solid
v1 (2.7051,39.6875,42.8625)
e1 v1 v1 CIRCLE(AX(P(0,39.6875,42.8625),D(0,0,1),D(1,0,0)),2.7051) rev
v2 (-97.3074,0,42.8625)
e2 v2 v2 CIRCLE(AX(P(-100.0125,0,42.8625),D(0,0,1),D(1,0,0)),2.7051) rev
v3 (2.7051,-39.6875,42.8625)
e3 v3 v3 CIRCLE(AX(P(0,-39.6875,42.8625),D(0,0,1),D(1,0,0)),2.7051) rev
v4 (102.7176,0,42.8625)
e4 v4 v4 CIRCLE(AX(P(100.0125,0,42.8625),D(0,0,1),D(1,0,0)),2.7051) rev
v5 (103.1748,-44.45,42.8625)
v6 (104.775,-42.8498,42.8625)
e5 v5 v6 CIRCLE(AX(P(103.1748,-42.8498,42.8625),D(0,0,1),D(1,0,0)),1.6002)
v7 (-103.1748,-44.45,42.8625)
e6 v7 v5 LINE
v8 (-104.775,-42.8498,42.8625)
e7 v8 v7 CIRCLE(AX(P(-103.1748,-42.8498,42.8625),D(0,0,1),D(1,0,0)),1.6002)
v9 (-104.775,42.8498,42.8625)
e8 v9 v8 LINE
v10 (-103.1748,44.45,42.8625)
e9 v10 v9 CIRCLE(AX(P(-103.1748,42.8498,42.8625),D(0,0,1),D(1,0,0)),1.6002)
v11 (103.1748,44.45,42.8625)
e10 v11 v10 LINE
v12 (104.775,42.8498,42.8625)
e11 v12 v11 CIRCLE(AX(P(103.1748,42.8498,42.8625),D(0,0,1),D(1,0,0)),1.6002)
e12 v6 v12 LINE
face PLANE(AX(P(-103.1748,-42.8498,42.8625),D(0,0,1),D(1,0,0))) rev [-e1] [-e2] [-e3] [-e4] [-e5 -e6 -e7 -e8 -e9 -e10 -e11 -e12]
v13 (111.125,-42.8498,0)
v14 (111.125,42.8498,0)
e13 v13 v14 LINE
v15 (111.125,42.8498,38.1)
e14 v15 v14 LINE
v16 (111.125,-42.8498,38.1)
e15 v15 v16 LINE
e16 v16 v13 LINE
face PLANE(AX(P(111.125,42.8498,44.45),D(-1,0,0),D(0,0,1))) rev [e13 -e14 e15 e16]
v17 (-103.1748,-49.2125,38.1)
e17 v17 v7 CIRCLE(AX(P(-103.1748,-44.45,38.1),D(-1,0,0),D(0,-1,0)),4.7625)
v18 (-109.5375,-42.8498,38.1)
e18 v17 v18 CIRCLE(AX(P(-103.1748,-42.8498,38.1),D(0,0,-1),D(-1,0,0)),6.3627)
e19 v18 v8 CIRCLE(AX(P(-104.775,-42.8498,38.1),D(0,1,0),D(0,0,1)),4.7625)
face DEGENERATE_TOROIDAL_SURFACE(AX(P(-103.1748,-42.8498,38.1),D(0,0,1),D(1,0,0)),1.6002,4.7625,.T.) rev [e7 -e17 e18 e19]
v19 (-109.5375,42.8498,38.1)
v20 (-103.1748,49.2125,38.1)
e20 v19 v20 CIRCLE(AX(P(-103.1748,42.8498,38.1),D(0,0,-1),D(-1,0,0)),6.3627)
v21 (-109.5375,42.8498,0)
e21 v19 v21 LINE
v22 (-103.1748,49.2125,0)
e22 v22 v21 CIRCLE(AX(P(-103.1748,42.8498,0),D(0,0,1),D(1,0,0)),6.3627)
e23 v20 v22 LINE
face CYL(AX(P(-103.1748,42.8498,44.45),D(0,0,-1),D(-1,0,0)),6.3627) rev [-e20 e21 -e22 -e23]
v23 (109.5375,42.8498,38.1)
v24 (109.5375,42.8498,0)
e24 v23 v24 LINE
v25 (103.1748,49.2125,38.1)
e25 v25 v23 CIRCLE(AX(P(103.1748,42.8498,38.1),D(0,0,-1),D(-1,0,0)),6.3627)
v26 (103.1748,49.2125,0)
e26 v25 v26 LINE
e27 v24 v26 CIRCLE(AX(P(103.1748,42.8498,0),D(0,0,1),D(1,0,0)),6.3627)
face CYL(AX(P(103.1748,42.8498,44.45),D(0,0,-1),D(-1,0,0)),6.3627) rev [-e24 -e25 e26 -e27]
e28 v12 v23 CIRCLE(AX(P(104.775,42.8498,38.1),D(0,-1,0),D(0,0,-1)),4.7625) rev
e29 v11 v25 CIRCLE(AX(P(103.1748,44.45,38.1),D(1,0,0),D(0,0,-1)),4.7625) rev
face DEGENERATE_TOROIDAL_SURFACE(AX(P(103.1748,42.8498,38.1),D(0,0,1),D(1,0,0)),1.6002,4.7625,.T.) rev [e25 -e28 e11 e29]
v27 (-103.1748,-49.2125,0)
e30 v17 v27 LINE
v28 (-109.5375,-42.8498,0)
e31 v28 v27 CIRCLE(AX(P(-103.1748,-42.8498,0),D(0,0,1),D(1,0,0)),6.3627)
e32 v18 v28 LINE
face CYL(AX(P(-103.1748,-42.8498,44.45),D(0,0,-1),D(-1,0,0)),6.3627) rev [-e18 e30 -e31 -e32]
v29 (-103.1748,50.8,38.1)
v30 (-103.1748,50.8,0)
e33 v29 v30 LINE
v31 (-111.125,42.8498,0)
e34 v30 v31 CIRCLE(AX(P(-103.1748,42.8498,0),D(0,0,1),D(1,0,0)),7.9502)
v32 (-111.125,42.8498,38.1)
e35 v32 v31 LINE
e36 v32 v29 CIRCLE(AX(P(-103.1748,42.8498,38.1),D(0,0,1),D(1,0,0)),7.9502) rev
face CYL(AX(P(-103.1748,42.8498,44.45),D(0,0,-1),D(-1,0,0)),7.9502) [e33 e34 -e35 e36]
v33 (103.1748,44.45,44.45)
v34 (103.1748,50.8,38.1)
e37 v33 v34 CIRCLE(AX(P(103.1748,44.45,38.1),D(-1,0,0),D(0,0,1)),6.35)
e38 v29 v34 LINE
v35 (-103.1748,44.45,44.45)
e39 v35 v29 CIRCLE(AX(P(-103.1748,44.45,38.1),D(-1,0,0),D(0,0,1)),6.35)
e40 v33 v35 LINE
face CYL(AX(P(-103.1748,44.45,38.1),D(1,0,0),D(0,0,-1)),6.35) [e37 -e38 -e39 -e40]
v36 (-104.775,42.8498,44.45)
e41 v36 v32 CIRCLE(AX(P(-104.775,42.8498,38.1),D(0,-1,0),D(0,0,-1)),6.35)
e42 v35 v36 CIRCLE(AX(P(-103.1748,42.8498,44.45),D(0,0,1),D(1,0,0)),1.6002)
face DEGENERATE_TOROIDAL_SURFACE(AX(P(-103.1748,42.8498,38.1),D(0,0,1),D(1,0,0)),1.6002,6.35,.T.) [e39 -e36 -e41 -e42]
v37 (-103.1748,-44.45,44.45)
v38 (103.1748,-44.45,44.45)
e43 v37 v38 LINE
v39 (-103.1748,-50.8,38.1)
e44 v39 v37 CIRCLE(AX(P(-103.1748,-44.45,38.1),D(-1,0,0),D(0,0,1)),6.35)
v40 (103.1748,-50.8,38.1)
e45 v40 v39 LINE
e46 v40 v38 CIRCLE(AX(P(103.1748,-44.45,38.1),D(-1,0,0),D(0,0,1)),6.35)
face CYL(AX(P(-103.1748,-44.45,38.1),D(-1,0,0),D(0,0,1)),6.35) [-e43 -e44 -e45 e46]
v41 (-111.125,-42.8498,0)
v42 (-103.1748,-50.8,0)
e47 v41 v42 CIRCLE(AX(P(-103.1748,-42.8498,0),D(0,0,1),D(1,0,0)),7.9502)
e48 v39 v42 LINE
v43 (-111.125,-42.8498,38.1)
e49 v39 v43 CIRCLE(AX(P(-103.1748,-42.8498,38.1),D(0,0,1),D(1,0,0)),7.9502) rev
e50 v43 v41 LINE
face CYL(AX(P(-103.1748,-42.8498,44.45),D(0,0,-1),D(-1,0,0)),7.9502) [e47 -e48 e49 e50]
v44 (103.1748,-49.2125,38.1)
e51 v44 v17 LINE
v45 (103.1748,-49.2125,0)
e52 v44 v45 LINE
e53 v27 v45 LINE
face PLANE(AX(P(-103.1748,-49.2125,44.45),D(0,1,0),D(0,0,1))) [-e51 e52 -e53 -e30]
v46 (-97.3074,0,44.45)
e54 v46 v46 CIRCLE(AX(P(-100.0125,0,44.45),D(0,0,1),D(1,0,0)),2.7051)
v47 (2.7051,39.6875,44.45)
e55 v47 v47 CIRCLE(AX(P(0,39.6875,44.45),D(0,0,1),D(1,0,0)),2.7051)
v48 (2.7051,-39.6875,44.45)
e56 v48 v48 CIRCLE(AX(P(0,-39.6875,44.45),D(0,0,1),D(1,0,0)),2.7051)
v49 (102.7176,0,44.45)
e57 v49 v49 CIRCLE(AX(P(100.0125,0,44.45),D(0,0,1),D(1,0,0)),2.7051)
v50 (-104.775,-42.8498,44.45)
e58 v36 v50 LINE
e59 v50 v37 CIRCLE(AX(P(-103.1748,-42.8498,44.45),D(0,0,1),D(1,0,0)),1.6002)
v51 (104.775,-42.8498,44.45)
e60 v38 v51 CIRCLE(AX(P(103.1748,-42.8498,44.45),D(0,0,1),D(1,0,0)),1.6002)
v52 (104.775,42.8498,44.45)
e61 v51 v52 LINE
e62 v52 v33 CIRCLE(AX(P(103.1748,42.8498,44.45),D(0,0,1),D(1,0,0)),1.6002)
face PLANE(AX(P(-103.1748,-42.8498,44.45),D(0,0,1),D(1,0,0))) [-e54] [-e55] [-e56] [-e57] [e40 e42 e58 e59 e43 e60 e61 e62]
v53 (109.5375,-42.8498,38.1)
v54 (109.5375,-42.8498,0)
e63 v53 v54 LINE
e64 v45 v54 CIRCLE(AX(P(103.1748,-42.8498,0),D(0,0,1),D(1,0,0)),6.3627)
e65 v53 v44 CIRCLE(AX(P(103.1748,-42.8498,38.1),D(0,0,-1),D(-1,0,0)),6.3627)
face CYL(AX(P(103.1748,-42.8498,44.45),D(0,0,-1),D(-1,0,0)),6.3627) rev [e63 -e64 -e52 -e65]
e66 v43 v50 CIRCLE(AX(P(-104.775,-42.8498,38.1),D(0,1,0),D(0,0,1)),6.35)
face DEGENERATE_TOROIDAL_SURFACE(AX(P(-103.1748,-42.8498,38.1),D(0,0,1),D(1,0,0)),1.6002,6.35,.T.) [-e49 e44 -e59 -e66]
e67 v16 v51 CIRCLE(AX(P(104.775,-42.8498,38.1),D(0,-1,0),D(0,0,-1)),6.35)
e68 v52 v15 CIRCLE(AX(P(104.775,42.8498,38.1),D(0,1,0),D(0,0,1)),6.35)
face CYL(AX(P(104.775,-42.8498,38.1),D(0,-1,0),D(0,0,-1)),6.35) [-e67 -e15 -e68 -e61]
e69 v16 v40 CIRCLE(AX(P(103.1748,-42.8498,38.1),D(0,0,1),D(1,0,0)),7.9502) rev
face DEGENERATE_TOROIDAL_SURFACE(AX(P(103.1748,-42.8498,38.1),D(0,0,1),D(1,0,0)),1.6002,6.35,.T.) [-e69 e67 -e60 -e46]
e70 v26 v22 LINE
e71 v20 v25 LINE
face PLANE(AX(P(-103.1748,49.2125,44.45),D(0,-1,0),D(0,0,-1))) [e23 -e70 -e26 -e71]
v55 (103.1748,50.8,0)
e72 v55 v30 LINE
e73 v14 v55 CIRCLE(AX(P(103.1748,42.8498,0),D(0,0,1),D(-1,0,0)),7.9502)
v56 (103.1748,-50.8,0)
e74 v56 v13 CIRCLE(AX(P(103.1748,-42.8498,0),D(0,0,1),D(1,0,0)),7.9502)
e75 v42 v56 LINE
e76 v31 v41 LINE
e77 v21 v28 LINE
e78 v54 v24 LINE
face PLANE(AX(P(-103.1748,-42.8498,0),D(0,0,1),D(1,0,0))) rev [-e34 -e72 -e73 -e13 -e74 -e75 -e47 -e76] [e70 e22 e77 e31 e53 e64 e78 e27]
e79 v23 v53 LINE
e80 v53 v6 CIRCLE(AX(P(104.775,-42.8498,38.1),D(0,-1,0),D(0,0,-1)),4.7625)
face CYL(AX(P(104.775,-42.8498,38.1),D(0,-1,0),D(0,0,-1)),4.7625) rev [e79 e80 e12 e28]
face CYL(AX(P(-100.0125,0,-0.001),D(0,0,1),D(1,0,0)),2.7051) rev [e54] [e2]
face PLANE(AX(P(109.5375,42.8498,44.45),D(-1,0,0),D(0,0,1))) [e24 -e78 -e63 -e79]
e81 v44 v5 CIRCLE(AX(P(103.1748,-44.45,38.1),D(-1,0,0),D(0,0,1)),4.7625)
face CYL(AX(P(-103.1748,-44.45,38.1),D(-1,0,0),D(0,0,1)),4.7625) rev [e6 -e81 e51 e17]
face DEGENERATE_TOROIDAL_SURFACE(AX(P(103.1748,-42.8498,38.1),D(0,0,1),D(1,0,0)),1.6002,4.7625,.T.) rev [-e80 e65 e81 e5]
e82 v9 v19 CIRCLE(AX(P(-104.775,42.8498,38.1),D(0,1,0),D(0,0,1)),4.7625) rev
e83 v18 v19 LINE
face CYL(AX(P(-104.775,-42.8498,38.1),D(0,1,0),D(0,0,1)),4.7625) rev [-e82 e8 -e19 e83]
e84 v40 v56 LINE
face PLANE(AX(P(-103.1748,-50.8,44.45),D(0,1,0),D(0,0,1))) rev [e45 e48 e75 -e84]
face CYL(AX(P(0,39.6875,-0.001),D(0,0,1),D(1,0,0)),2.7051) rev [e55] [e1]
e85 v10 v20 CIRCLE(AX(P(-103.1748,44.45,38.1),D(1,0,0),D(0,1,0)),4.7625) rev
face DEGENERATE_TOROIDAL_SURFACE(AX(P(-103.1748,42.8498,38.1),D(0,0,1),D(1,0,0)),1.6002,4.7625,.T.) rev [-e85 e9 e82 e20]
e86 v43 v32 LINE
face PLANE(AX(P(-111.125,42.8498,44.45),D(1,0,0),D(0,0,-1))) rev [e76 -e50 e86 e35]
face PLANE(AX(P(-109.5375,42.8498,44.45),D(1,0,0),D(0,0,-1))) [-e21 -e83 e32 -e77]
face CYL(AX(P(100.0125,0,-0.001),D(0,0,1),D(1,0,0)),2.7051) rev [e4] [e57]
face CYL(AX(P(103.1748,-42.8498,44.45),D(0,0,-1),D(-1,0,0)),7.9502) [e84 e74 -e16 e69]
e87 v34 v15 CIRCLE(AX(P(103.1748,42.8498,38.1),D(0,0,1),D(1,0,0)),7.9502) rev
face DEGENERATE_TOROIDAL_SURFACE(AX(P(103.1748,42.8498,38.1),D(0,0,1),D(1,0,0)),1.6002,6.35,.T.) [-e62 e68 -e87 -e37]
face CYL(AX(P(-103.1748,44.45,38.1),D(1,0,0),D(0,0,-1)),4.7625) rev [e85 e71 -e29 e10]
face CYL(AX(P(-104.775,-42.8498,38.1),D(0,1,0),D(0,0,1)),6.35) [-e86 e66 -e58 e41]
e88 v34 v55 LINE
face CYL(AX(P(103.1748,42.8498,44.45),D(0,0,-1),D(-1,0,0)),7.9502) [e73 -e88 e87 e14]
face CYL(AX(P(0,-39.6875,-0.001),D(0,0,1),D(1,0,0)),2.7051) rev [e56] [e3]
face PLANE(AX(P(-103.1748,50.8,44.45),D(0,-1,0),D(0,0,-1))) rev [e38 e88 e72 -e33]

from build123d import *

# Parameters (mm, degrees)
BOSS_EXTRUDE1_DEPTH = 44.45
FILLET1_R           = 6.35
SHELL1_T            = -1.5875
CUT_EXTRUDE1_REACH  = 132.02
SKETCH2_R           = 2.7051


with BuildPart() as part:
    # Sketch1 → Boss-Extrude1 (new body)
    with BuildSketch(Plane.XY):
        with BuildLine():
            Line((-103.1748, 50.8), (103.1748, 50.8))
            ThreePointArc((103.1748, 50.8), (108.796440332, 48.471440332), (111.125, 42.8498))
            Line((111.125, 42.8498), (111.125, -42.8498))
            ThreePointArc((111.125, -42.8498), (108.796440332, -48.471440332), (103.1748, -50.8))
            Line((103.1748, -50.8), (-103.1748, -50.8))
            ThreePointArc((-103.1748, -50.8), (-108.796440332, -48.471440332), (-111.125, -42.8498))
            Line((-111.125, -42.8498), (-111.125, 42.8498))
            ThreePointArc((-111.125, 42.8498), (-108.796440332, 48.471440332), (-103.1748, 50.8))
        make_face()
    extrude(amount=BOSS_EXTRUDE1_DEPTH)

    # Fillet1
    fillet1_edges = [part.edges().sort_by_distance(p)[0] for p in [
        (108.796440332, -48.471440332, 44.45),
        (111.125, 0, 44.45),
        (108.796440332, 48.471440332, 44.45),
        (0, 50.8, 44.45),
        (-108.796440332, 48.471440332, 44.45),
        (-111.125, 0, 44.45),
        (-108.796440332, -48.471440332, 44.45),
        (0, -50.8, 44.45),
    ]]
    fillet(fillet1_edges, radius=FILLET1_R)

    # Shell1
    shell1_openings = [part.faces().sort_by_distance(p)[0] for p in [
        (0, 0, 0),
    ]]
    offset(amount=SHELL1_T, openings=shell1_openings, kind=Kind.INTERSECTION)

    # Sketch2 → Cut-Extrude1 (cut, up to next)
    with BuildSketch(Plane.XY.offset(44.45), mode=Mode.PRIVATE) as cut_extrude1_sk1:
        with Locations((0, 39.6875)):
            Circle(SKETCH2_R)
    cut_extrude1_tool1 = extrude(cut_extrude1_sk1.sketch, amount=-CUT_EXTRUDE1_REACH, mode=Mode.PRIVATE) & part.part
    # Sketch2 → Cut-Extrude1 (cut, up to next)
    with BuildSketch(Plane.XY.offset(44.45), mode=Mode.PRIVATE) as cut_extrude1_sk2:
        with Locations((0, -39.6875)):
            Circle(SKETCH2_R)
    cut_extrude1_tool2 = extrude(cut_extrude1_sk2.sketch, amount=-CUT_EXTRUDE1_REACH, mode=Mode.PRIVATE) & part.part
    # Sketch2 → Cut-Extrude1 (cut, up to next)
    with BuildSketch(Plane.XY.offset(44.45), mode=Mode.PRIVATE) as cut_extrude1_sk3:
        with Locations((100.0125, 0)):
            Circle(SKETCH2_R)
    cut_extrude1_tool3 = extrude(cut_extrude1_sk3.sketch, amount=-CUT_EXTRUDE1_REACH, mode=Mode.PRIVATE) & part.part
    # Sketch2 → Cut-Extrude1 (cut, up to next)
    with BuildSketch(Plane.XY.offset(44.45), mode=Mode.PRIVATE) as cut_extrude1_sk4:
        with Locations((-100.0125, 0)):
            Circle(SKETCH2_R)
    cut_extrude1_tool4 = extrude(cut_extrude1_sk4.sketch, amount=-CUT_EXTRUDE1_REACH, mode=Mode.PRIVATE) & part.part
    add(cut_extrude1_tool1.solids().sort_by_distance((0, 39.6875, 44.45))[0], mode=Mode.SUBTRACT)
    add(cut_extrude1_tool2.solids().sort_by_distance((0, -39.6875, 44.45))[0], mode=Mode.SUBTRACT)
    add(cut_extrude1_tool3.solids().sort_by_distance((100.0125, 0, 44.45))[0], mode=Mode.SUBTRACT)
    add(cut_extrude1_tool4.solids().sort_by_distance((-100.0125, 0, 44.45))[0], mode=Mode.SUBTRACT)


solid = part.part
